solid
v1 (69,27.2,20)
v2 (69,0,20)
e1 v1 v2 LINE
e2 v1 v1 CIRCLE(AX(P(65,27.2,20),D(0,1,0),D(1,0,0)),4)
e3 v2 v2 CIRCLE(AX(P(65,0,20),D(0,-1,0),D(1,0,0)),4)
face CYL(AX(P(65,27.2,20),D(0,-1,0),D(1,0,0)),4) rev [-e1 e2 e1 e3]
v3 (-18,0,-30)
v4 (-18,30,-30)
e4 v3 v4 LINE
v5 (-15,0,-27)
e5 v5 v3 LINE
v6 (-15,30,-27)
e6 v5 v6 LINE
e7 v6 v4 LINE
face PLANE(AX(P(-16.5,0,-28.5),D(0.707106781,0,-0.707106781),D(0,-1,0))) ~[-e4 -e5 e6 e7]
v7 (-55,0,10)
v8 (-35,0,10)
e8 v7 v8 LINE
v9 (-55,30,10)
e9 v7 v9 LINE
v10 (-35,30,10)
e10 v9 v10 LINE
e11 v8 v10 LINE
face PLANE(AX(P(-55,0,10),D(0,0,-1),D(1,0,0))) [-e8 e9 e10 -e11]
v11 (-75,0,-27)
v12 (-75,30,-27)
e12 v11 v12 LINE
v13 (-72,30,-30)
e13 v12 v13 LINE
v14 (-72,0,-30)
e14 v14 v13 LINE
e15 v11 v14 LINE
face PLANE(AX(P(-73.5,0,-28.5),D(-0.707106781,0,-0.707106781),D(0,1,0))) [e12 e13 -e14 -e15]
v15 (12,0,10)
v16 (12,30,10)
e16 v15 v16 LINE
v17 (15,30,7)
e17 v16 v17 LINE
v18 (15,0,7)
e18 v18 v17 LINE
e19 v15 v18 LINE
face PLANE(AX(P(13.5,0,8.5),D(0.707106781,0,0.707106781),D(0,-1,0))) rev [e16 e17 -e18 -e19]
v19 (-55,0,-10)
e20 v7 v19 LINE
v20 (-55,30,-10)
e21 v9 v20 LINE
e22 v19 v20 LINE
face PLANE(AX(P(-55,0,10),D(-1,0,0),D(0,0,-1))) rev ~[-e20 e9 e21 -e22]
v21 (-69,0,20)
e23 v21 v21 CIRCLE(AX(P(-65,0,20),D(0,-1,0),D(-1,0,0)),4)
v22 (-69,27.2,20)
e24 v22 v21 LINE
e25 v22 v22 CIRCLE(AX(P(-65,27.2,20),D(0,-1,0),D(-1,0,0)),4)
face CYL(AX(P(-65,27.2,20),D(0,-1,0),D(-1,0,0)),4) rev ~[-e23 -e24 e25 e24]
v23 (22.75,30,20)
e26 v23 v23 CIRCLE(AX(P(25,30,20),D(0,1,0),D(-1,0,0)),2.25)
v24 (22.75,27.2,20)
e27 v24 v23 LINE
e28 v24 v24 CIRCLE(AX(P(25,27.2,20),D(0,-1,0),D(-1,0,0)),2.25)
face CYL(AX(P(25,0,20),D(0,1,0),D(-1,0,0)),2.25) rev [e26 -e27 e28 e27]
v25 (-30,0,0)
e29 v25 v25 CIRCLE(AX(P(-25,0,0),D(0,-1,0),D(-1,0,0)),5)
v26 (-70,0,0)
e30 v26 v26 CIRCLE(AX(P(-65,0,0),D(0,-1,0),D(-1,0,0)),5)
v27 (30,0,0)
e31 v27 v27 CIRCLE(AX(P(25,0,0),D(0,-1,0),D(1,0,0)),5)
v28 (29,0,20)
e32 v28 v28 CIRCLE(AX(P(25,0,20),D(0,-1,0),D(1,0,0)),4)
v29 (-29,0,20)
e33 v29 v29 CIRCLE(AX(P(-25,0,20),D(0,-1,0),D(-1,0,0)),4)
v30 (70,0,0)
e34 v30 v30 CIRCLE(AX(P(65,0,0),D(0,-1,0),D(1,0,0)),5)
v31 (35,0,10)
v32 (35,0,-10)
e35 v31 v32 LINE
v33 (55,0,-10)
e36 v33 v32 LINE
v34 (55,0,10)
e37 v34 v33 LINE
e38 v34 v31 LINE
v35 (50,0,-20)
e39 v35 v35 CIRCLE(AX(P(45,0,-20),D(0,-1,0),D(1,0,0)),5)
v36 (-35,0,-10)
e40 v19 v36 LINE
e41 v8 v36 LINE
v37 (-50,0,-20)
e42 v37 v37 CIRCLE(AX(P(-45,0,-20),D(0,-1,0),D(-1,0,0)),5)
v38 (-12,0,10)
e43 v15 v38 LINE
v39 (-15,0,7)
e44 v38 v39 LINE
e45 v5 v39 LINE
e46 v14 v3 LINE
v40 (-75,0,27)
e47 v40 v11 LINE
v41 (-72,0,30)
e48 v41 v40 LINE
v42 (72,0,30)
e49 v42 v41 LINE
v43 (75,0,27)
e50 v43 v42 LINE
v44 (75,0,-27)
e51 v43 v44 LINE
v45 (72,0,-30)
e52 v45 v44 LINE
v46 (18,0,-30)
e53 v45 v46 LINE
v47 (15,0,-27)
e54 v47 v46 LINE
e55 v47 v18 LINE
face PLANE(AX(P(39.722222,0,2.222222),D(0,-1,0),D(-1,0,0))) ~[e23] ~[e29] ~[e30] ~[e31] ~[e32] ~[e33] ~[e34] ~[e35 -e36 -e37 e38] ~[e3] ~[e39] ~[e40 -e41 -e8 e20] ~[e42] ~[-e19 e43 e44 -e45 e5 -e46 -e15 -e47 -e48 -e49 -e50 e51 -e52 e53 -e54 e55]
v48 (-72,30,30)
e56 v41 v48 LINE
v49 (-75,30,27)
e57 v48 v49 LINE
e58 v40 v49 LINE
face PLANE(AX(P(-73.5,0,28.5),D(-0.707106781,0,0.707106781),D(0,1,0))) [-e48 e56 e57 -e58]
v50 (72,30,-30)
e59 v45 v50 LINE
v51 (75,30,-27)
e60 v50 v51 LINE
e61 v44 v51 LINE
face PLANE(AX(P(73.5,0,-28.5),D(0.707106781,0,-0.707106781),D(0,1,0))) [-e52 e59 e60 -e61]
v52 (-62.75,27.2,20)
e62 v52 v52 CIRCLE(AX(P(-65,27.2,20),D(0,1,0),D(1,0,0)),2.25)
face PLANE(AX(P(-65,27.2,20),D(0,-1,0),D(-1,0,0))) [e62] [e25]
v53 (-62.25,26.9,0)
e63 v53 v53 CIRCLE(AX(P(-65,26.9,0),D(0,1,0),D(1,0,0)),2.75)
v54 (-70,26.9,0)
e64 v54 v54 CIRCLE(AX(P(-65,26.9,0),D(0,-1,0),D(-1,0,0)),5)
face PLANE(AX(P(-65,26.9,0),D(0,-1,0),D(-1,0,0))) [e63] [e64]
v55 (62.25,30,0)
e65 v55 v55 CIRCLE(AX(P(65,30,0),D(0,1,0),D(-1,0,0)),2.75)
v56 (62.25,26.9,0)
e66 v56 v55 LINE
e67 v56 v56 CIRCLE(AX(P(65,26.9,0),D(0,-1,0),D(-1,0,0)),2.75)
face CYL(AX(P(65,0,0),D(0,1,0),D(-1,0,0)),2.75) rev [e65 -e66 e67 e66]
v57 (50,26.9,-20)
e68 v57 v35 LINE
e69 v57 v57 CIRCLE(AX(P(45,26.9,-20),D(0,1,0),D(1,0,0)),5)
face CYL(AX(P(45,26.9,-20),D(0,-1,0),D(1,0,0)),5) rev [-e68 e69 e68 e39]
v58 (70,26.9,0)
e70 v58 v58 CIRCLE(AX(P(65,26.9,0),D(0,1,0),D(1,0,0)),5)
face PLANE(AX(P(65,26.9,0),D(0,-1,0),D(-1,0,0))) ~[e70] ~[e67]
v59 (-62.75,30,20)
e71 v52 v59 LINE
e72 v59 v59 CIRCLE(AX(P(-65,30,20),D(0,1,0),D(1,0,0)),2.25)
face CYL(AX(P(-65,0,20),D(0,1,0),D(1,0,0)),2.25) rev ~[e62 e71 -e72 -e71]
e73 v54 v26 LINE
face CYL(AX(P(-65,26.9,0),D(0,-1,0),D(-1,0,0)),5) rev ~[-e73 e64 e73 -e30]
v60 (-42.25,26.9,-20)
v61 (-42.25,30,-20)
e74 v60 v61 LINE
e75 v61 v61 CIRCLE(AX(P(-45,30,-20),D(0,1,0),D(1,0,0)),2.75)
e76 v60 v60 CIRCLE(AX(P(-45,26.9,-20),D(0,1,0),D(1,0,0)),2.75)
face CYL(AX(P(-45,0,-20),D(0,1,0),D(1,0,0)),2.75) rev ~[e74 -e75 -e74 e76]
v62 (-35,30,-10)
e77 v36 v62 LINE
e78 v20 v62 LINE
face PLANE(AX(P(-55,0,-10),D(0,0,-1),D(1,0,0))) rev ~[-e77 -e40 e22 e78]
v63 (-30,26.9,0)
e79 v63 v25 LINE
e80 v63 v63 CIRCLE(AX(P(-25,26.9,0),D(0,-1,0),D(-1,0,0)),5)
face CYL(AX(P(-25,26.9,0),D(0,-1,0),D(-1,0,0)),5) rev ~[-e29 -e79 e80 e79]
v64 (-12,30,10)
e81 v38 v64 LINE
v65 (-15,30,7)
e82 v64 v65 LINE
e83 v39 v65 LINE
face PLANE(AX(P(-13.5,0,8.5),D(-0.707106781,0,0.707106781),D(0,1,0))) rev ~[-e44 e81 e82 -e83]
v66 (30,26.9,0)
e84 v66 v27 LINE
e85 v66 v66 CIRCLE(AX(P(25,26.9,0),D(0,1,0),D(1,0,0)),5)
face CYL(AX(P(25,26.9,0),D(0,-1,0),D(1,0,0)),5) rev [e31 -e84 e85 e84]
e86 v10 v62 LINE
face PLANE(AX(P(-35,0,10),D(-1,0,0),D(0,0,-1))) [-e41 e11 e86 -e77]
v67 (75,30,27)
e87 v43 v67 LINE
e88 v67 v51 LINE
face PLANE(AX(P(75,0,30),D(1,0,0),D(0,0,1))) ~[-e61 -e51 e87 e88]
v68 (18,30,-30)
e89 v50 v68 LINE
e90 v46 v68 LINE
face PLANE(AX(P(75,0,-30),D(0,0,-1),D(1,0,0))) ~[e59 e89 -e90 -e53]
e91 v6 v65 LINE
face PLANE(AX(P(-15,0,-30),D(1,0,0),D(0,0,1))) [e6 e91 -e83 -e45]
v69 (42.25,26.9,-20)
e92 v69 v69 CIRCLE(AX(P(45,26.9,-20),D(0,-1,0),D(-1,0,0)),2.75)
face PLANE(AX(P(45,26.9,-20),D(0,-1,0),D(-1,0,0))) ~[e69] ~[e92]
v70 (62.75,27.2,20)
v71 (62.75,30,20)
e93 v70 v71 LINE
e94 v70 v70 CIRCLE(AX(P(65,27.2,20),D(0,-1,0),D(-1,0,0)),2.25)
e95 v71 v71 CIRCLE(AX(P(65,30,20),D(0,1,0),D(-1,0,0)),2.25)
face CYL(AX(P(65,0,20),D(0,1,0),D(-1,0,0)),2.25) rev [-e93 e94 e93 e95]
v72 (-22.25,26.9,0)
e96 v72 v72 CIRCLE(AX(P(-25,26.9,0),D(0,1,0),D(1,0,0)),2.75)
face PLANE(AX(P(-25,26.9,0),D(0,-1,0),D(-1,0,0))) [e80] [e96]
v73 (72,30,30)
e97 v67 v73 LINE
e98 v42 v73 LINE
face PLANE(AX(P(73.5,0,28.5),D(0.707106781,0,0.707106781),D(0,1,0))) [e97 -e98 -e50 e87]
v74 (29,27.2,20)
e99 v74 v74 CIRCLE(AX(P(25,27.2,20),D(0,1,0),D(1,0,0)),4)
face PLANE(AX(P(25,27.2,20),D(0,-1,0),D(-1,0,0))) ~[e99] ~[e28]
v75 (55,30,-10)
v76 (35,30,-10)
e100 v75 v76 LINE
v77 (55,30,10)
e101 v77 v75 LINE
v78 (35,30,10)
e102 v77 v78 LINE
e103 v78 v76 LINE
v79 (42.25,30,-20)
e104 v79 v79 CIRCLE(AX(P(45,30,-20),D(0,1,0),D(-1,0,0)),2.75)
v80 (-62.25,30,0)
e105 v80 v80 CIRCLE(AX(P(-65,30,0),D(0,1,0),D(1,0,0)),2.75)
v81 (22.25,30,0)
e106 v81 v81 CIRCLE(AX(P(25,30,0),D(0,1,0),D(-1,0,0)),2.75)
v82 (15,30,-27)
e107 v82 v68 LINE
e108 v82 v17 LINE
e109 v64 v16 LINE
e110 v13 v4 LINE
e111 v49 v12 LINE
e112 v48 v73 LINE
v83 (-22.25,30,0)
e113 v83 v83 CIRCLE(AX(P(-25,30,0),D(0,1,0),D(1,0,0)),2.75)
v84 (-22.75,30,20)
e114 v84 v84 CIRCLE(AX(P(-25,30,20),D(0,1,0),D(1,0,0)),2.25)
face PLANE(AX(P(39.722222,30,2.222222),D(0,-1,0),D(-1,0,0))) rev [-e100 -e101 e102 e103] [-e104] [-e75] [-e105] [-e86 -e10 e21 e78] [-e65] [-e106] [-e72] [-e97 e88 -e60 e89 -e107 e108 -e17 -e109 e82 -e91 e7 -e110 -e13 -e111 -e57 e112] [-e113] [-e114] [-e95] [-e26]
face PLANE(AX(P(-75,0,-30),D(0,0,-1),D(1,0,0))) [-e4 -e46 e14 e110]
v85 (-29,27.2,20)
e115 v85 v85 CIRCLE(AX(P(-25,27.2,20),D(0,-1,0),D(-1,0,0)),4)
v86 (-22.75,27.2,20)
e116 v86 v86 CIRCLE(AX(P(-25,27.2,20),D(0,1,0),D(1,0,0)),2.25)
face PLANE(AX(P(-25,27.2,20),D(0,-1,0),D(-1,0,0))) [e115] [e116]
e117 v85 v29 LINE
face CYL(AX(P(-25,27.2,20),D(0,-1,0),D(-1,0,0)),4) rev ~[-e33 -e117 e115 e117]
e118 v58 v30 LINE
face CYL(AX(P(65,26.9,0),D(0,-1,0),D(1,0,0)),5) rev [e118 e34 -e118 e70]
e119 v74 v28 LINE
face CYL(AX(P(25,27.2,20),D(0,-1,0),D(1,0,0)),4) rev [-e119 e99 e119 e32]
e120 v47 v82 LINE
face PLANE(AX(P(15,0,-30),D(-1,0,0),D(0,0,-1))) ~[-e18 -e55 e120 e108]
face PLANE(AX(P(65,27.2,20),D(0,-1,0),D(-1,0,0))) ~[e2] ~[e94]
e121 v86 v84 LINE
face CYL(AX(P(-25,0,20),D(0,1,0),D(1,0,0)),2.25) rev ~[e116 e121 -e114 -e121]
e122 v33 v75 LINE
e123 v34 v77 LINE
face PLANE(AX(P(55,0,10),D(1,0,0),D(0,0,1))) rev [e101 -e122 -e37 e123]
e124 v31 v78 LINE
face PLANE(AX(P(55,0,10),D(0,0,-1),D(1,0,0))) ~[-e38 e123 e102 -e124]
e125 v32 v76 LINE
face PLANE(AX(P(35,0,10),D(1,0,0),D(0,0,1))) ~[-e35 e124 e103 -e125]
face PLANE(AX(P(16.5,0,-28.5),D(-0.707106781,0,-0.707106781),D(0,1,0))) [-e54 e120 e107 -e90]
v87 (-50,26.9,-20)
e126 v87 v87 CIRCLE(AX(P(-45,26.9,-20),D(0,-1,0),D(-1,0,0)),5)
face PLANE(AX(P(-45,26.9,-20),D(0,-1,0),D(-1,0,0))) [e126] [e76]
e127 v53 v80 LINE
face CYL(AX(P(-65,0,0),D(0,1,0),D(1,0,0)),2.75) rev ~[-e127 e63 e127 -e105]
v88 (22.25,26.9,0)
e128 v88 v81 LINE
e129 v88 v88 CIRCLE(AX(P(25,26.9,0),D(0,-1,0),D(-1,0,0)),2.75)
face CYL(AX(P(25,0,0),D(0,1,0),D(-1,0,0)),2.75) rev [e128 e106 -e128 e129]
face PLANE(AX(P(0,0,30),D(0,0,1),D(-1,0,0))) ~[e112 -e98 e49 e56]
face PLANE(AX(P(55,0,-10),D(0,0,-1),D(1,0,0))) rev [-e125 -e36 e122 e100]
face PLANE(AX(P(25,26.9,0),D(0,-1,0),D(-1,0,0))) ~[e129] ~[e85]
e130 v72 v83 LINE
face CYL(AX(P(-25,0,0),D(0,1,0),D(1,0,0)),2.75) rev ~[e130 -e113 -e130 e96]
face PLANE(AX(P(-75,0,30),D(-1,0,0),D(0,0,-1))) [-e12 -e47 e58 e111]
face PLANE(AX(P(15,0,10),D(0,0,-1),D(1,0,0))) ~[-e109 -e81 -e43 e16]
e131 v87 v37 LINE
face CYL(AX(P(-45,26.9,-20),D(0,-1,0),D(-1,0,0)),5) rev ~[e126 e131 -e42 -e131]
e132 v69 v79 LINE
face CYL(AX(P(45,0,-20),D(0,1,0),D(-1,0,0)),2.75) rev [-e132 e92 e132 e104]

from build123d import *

# Parameters (mm, degrees)
SKIZZE1_W                                            = 20
SKIZZE1_H                                            = 20
AUFSATZ_LINEAR_AUSTRAGEN1_DEPTH                      = 30
STIRNSENKUNG_F_R_M5_ZYLINDERSCHRAUBE_MIT_D           = 5.5
STIRNSENKUNG_F_R_M5_ZYLINDERSCHRAUBE_MIT_CBORE_D     = 10
STIRNSENKUNG_F_R_M5_ZYLINDERSCHRAUBE_MIT_CBORE_DEPTH = 26.9
STIRNSENKUNG_F_R_M4_ZYLINDERSCHRAUBE_MIT_D           = 4.5
STIRNSENKUNG_F_R_M4_ZYLINDERSCHRAUBE_MIT_CBORE_D     = 8
STIRNSENKUNG_F_R_M4_ZYLINDERSCHRAUBE_MIT_CBORE_DEPTH = 27.2
FASE1_SIZE                                           = 3
FASE1_OF_SPIEGELN2_SIZE                              = 3


with BuildPart() as part:
    # Skizze1 → Aufsatz-Linear austragen1 (new body)
    with BuildSketch(Plane(origin=(0, 0, 0), x_dir=(1, 0, 0), z_dir=(0, 1, 0))):
        Polygon((0, -10), (0, -30), (-75, -30), (-75, 30), (-15, 30), (-15, -10), align=None)
        with Locations((-45, 0)):
            Rectangle(SKIZZE1_W, SKIZZE1_H, mode=Mode.SUBTRACT)
    aufsatz_linear_austragen1 = extrude(amount=AUFSATZ_LINEAR_AUSTRAGEN1_DEPTH)

    # Stirnsenkung für M5 Zylinderschraube mit Innensechskant1 (through all)
    with Locations(Plane(origin=(0, 0, 0), x_dir=(-1, 0, 0), z_dir=(0, -1, 0))):
        with Locations((45, 20), (25, 0), (65, 0)):
            stirnsenkung_f_r_m5_zylinderschraube_mit = CounterBoreHole(STIRNSENKUNG_F_R_M5_ZYLINDERSCHRAUBE_MIT_D / 2, STIRNSENKUNG_F_R_M5_ZYLINDERSCHRAUBE_MIT_CBORE_D / 2, STIRNSENKUNG_F_R_M5_ZYLINDERSCHRAUBE_MIT_CBORE_DEPTH)

    # Stirnsenkung für M4 Zylinderschraube mit Innensechskant1 (through all)
    with Locations(Plane(origin=(0, 0, 0), x_dir=(-1, 0, 0), z_dir=(0, -1, 0))):
        with Locations((25, -20), (65, -20)):
            stirnsenkung_f_r_m4_zylinderschraube_mit = CounterBoreHole(STIRNSENKUNG_F_R_M4_ZYLINDERSCHRAUBE_MIT_D / 2, STIRNSENKUNG_F_R_M4_ZYLINDERSCHRAUBE_MIT_CBORE_D / 2, STIRNSENKUNG_F_R_M4_ZYLINDERSCHRAUBE_MIT_CBORE_DEPTH)

    # Fase1
    fase1_edges = [part.edges().sort_by_distance(p)[0] for p in [
        (-75, 15, -30),
        (-15, 15, -30),
        (-15, 15, 10),
        (-75, 15, 30),
    ]]
    chamfer(fase1_edges, length=FASE1_SIZE)

    # Spiegeln2: Aufsatz-Linear austragen1, Stirnsenkung für M5 Zylinderschraube mit Innensechskant1, Stirnsenkung für M4 Zylinderschraube mit Innensechskant1 across plane
    add(aufsatz_linear_austragen1.mirror(Plane(origin=(0, 0, 0), x_dir=(0, 0, 1), z_dir=(1, 0, 0))))
    add(stirnsenkung_f_r_m5_zylinderschraube_mit.mirror(Plane(origin=(0, 0, 0), x_dir=(0, 0, 1), z_dir=(1, 0, 0))), mode=Mode.SUBTRACT)
    add(stirnsenkung_f_r_m4_zylinderschraube_mit.mirror(Plane(origin=(0, 0, 0), x_dir=(0, 0, 1), z_dir=(1, 0, 0))), mode=Mode.SUBTRACT)

    # Fase1 of Spiegeln2
    fase1_of_spiegeln2_edges = [part.edges().sort_by_distance(p)[0] for p in [
        (75, 15, -30),
        (15, 15, -30),
        (15, 15, 10),
        (75, 15, 30),
    ]]
    chamfer(fase1_of_spiegeln2_edges, length=FASE1_OF_SPIEGELN2_SIZE)


solid = part.part
